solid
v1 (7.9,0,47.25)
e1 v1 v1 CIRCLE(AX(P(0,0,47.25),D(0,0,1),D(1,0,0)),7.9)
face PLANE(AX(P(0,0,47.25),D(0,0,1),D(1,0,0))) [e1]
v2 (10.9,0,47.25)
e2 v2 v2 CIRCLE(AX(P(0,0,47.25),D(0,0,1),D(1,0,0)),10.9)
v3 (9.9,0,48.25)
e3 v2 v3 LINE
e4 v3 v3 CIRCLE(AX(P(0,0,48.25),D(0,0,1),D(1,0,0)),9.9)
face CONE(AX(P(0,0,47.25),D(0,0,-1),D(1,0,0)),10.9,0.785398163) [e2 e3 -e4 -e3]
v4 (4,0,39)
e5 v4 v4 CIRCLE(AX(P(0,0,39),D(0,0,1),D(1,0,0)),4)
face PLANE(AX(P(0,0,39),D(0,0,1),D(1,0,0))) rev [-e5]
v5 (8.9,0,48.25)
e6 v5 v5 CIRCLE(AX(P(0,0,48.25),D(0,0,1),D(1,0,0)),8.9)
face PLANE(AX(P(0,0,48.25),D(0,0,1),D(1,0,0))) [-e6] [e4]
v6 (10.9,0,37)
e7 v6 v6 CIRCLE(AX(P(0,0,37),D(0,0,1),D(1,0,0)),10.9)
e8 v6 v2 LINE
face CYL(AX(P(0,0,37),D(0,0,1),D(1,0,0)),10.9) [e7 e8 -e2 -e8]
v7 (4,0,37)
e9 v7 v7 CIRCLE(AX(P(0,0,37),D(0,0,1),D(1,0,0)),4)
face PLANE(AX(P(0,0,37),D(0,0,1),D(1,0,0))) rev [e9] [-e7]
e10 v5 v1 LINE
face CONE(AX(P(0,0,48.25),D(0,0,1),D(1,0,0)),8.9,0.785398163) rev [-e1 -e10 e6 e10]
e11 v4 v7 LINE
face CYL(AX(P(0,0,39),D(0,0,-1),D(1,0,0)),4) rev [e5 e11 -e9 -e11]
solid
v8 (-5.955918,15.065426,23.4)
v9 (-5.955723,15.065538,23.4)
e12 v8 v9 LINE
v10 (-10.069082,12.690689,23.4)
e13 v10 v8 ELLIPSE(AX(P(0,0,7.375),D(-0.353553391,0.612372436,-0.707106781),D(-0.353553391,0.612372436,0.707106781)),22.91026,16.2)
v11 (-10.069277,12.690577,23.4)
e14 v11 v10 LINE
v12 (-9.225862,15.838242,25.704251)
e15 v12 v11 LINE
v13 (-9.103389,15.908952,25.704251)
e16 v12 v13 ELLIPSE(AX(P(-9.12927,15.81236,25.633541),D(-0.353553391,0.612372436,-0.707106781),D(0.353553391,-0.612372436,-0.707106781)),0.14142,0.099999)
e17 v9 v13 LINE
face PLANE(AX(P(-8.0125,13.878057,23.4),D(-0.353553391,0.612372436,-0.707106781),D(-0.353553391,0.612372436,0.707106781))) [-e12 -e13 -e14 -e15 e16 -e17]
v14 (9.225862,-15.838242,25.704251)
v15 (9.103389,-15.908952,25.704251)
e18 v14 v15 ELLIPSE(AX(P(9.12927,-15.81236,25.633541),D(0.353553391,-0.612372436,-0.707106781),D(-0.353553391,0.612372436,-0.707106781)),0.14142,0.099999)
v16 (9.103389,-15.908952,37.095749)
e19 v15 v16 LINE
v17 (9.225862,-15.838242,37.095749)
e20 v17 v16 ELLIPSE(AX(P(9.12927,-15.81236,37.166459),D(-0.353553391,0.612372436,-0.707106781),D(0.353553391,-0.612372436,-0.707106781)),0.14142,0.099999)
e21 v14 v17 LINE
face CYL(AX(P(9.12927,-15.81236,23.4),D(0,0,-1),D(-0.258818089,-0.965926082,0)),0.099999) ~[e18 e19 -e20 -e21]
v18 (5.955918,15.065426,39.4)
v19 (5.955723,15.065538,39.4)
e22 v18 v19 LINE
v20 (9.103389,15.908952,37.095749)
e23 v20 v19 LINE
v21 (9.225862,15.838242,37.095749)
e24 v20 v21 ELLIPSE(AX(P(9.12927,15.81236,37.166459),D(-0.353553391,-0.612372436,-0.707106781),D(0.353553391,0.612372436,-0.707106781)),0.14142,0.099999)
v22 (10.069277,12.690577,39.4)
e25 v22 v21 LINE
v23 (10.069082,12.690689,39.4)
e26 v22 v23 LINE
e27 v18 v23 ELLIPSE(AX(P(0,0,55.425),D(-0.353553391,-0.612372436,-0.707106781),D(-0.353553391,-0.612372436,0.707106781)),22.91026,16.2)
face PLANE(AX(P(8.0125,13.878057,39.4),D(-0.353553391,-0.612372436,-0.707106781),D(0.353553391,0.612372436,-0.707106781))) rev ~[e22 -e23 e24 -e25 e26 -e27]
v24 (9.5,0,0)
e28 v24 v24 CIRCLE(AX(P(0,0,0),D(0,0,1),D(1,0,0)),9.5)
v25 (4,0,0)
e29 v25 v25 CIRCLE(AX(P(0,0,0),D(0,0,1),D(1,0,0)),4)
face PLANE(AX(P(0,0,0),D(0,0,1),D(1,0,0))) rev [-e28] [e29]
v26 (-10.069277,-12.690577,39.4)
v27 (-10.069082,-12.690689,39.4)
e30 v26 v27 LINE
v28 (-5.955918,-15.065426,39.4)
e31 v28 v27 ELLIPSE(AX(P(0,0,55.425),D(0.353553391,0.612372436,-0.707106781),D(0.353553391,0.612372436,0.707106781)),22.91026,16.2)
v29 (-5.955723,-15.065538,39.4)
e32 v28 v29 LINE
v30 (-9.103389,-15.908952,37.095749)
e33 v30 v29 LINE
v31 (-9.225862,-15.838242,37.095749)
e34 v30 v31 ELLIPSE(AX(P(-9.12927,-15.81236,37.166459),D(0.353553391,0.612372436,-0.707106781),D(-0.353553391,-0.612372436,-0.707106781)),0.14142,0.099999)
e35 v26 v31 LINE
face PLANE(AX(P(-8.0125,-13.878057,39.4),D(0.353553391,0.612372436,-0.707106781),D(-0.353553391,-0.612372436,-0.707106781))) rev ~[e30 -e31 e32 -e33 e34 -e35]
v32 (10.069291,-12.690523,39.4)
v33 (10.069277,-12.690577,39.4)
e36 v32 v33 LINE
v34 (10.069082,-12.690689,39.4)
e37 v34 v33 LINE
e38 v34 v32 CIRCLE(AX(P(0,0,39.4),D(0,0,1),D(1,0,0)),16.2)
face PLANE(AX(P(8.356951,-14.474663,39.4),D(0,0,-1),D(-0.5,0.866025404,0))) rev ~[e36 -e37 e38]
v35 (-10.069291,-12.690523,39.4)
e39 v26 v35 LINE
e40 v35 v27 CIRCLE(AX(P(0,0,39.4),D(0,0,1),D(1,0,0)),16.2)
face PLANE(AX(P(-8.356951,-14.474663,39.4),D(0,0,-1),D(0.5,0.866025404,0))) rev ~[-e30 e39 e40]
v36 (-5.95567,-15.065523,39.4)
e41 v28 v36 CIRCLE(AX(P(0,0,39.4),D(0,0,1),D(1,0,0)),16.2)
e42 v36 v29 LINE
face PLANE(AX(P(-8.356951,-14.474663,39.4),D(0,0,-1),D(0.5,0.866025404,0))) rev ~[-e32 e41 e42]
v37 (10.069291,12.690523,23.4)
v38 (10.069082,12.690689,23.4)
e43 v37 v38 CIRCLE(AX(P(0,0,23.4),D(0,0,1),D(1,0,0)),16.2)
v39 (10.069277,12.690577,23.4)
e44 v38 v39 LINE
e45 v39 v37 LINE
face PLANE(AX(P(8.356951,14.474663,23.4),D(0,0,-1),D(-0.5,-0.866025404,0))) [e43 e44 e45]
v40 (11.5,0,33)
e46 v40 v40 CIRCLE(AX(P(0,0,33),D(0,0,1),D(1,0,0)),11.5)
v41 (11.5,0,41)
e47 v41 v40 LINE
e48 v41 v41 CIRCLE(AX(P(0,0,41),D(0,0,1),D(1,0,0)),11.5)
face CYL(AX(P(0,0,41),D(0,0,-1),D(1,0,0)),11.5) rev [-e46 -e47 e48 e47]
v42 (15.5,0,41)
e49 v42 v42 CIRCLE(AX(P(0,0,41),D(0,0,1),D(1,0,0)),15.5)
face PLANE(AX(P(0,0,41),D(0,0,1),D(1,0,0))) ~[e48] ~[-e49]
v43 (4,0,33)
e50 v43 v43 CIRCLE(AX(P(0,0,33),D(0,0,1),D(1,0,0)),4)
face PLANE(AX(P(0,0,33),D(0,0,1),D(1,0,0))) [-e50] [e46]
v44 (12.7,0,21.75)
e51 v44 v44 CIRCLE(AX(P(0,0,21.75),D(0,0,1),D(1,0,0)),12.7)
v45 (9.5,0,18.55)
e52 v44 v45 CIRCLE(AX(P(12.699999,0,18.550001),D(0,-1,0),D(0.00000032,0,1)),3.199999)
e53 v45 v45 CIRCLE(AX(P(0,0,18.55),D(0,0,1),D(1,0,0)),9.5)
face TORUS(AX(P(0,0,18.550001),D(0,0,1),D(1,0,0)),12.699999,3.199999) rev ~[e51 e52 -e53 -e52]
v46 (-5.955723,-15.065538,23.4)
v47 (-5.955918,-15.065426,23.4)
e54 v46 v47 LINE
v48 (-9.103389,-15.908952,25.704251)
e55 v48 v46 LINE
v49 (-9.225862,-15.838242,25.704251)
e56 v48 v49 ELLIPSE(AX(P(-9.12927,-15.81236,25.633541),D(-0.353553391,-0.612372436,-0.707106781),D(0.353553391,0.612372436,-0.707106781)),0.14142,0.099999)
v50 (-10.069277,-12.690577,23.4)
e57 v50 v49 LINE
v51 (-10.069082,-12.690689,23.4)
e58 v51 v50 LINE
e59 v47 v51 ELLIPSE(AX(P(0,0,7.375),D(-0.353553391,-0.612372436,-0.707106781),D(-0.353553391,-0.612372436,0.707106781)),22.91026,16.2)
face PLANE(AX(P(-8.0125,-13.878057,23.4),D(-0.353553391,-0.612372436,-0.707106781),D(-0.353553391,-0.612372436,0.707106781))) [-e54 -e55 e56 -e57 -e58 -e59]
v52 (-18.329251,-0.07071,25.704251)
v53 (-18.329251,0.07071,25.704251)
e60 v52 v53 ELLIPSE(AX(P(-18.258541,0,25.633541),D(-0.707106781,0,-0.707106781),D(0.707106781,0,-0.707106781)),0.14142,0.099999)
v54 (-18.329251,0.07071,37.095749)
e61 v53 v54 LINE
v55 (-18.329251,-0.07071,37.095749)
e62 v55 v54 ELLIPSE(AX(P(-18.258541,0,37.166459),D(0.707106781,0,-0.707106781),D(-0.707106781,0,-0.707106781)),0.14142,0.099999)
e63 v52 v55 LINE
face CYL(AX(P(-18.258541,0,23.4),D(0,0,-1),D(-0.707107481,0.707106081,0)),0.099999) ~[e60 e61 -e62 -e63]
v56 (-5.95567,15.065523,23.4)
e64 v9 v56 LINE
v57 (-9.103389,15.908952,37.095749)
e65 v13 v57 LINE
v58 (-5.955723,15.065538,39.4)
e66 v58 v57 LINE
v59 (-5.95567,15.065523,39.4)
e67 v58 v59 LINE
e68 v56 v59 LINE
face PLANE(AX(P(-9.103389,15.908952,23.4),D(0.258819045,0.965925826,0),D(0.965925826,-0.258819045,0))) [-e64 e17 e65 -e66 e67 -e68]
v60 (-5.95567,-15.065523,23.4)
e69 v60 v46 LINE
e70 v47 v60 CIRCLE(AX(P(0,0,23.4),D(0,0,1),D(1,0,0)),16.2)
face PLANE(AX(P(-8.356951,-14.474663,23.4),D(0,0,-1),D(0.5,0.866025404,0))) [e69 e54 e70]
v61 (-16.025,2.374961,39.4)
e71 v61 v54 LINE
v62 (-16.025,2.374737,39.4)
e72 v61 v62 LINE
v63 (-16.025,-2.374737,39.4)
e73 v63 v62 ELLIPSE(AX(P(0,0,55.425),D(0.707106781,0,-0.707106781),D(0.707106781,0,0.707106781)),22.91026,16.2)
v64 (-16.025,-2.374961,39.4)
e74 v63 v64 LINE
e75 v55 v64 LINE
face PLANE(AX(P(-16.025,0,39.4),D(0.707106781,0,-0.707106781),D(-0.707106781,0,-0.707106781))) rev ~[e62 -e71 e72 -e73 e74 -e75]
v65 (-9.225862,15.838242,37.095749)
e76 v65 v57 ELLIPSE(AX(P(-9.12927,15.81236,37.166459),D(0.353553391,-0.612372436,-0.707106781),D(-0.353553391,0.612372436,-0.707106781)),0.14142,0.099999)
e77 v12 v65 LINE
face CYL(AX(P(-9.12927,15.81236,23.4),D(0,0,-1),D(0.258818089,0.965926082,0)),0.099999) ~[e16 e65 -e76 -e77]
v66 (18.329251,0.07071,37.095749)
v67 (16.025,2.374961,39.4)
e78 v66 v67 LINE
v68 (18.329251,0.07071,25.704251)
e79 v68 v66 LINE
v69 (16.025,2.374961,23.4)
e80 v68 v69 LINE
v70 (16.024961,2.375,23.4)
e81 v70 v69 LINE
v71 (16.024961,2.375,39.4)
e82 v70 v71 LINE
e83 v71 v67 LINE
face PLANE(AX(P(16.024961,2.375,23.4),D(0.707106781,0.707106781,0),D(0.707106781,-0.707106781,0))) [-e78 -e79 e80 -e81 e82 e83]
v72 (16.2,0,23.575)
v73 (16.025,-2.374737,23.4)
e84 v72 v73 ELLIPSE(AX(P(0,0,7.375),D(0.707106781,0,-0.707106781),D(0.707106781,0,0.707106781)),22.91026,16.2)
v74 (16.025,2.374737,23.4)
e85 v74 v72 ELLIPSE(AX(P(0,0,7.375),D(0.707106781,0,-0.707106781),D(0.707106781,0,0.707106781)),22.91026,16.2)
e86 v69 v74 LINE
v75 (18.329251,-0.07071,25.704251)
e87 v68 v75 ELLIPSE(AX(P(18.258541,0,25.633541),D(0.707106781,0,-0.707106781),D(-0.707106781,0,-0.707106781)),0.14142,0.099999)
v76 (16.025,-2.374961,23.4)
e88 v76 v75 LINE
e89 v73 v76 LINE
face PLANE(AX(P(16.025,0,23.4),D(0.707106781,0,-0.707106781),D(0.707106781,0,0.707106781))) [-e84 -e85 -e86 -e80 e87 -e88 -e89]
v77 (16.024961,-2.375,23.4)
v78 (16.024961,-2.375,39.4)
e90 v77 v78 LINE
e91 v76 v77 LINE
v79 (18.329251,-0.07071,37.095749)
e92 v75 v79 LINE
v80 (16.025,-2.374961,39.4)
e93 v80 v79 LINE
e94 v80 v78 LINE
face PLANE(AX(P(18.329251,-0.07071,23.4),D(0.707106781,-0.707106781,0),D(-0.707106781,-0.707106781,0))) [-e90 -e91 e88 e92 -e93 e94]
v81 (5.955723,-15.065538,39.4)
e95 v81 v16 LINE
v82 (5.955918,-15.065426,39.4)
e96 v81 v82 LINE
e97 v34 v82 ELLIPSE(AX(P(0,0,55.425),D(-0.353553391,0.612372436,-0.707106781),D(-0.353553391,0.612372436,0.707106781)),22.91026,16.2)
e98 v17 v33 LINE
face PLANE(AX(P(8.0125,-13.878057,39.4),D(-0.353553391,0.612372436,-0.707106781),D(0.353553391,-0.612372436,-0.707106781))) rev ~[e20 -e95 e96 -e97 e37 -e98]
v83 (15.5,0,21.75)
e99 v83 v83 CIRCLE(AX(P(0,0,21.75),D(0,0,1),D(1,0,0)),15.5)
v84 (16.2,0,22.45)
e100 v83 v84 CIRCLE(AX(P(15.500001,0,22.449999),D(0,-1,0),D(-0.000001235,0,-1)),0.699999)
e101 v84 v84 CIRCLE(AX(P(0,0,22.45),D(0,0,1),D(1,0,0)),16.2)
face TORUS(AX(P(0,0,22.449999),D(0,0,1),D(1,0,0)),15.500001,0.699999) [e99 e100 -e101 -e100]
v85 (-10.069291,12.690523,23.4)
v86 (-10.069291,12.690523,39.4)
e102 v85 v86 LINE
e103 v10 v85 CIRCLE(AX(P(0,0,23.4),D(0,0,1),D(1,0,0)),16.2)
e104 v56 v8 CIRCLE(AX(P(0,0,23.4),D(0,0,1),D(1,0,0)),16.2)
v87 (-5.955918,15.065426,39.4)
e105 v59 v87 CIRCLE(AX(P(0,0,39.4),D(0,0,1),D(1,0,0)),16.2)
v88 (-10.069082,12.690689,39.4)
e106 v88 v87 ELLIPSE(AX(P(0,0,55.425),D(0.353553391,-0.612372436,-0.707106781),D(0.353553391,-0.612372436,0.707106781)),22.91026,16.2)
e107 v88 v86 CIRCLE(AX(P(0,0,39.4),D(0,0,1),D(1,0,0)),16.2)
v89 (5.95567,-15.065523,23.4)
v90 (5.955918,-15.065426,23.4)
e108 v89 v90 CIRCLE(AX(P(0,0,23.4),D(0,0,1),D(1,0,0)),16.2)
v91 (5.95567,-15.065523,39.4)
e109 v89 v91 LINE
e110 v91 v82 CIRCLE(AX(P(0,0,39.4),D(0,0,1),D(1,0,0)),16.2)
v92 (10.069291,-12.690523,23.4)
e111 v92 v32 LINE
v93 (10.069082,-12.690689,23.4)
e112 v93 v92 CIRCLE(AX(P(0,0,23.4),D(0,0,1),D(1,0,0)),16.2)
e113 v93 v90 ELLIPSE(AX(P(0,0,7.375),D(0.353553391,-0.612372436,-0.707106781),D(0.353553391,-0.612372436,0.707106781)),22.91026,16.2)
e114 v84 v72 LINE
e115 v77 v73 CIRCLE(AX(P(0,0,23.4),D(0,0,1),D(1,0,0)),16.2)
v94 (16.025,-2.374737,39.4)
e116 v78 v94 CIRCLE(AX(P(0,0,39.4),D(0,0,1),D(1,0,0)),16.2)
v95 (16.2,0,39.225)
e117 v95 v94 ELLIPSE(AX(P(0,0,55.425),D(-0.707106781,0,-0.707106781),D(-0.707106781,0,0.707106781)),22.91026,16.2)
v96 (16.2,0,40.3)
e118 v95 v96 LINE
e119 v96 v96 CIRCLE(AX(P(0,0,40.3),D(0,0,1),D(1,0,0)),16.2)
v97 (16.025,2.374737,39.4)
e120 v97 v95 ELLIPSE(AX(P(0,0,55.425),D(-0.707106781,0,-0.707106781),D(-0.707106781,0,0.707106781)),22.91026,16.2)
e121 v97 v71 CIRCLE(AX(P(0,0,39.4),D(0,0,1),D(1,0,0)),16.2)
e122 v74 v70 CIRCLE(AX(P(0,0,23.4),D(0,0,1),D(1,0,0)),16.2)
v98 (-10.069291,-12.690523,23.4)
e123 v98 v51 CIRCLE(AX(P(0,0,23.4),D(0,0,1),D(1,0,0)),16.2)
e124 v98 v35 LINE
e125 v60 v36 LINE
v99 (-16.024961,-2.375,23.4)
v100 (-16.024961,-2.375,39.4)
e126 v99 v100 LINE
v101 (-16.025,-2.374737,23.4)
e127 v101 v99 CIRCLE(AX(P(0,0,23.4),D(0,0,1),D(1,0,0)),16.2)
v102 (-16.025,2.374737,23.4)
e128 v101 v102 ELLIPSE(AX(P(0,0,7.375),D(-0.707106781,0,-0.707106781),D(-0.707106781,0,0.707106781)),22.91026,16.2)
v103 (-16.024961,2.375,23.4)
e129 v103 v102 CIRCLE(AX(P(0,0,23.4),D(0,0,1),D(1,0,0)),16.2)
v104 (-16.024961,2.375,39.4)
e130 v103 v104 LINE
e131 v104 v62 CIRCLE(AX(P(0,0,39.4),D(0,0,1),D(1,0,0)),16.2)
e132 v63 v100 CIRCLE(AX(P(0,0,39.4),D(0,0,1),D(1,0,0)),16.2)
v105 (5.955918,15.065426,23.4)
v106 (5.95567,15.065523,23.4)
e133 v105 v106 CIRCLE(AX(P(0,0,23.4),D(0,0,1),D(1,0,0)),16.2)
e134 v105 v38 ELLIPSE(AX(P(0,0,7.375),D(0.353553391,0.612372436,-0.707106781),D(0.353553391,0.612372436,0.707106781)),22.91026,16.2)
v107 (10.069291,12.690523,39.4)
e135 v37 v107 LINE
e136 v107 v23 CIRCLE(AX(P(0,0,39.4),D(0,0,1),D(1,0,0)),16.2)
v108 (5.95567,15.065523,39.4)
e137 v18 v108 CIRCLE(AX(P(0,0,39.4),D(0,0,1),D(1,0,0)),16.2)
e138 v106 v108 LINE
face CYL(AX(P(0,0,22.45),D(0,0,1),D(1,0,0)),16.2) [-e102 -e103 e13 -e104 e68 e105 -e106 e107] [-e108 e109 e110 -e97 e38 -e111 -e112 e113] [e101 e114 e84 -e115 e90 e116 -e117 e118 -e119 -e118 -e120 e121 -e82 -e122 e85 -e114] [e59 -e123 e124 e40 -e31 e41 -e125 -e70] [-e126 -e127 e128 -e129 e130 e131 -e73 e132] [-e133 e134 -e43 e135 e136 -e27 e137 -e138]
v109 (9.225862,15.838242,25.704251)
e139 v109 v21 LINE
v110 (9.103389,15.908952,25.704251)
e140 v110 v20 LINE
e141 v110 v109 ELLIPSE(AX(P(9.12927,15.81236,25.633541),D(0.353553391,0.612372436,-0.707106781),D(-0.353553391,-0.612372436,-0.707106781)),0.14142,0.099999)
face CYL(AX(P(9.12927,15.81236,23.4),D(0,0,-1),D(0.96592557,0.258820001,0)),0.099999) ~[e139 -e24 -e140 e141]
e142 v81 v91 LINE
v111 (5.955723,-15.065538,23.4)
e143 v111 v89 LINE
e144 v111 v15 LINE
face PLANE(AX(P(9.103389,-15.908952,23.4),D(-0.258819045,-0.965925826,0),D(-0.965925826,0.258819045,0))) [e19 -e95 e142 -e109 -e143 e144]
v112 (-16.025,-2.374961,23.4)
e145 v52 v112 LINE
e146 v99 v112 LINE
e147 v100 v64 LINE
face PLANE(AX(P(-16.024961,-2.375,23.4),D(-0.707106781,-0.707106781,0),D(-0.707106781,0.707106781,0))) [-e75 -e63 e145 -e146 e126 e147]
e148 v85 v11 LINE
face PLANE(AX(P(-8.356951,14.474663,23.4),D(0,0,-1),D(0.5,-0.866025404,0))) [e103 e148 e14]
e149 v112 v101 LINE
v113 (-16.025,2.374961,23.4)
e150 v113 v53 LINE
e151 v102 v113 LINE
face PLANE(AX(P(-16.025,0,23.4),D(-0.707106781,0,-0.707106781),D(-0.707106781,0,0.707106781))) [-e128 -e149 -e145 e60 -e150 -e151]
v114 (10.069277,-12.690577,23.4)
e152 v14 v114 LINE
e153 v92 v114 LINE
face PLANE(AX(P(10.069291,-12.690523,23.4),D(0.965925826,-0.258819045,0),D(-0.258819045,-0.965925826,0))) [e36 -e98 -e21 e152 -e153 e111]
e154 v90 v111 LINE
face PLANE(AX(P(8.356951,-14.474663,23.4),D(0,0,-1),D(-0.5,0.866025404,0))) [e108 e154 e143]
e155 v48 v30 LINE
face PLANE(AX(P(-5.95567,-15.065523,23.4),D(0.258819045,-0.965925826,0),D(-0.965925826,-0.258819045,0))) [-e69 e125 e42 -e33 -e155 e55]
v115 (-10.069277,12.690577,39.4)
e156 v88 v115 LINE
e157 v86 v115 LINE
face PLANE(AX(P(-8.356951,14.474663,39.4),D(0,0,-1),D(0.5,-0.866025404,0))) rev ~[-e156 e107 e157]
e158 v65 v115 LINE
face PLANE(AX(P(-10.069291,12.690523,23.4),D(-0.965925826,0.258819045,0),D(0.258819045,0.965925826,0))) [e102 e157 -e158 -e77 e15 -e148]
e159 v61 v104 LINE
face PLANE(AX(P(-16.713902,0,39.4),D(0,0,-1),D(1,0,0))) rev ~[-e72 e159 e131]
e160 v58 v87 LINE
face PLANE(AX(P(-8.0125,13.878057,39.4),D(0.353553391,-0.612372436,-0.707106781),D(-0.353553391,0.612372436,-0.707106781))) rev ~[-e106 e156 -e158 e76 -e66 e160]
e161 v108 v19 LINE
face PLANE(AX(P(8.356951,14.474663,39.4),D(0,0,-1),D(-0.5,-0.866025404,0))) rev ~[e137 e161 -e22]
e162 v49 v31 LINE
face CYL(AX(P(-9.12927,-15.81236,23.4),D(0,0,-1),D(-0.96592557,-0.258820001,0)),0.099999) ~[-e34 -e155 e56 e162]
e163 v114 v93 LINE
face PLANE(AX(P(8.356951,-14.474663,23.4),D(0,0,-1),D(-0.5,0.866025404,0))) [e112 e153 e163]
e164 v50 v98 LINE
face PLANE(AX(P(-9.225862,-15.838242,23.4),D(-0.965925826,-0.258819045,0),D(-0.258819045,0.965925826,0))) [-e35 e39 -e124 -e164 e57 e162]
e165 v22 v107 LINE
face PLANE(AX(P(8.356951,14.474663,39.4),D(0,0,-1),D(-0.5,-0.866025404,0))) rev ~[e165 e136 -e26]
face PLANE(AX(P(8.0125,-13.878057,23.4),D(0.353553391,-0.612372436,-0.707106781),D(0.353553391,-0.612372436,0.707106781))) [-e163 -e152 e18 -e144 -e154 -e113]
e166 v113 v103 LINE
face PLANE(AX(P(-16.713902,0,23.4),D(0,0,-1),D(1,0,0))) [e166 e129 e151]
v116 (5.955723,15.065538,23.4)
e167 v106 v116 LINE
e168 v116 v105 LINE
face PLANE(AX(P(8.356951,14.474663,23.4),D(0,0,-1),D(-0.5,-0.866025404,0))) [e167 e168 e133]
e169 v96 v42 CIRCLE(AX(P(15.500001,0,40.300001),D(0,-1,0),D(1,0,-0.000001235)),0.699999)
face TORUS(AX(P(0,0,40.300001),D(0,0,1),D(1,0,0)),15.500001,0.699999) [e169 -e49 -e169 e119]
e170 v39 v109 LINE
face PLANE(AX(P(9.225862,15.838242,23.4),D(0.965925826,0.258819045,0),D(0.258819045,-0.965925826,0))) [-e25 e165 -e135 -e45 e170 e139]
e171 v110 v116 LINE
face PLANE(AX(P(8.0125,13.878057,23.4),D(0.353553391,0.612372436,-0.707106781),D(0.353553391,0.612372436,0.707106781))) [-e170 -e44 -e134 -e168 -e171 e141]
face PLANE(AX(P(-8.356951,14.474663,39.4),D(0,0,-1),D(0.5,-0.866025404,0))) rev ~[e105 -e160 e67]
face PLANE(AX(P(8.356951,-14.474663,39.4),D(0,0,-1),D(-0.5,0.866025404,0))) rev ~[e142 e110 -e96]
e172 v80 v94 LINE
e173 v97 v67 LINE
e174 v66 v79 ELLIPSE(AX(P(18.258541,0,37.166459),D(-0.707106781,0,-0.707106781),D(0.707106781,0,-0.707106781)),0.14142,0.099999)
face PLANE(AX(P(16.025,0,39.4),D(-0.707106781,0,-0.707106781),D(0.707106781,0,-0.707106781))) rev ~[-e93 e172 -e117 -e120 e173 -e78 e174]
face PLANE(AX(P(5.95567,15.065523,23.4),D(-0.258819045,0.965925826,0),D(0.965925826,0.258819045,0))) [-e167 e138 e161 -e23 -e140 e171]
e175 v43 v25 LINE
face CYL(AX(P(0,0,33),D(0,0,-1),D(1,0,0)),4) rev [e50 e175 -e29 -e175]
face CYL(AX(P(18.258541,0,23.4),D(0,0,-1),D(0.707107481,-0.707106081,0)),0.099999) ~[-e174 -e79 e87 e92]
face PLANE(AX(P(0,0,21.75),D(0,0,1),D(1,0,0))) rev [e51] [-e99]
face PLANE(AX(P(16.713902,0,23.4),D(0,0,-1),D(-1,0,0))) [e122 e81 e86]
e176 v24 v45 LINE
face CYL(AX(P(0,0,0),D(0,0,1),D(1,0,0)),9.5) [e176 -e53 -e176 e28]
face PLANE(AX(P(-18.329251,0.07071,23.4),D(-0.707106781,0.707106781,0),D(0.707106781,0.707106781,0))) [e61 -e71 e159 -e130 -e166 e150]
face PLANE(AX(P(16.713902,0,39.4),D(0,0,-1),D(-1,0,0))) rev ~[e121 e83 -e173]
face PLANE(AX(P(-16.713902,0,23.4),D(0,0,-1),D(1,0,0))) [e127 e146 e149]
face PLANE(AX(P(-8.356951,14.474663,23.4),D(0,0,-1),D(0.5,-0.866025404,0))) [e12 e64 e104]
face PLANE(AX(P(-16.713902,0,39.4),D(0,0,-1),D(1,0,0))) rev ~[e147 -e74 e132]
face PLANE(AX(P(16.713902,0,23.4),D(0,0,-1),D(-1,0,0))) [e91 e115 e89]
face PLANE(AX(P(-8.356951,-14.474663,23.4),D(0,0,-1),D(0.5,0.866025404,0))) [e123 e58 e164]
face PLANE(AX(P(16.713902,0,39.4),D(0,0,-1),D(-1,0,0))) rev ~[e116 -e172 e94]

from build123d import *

# Parameters (mm, degrees)
PAD001_DEPTH      = 3
PAD001_DEPTH_BACK = 3
PAD_DEPTH         = 16
ARRAY_COUNT       = 6


with BuildPart() as revolution_button:
    # Sketch001 → Revolution001 (revolve)
    with BuildSketch(Plane.XZ):
        Polygon((0, 47.25), (0, 39), (4, 39), (4, 37), (10.9, 37), (10.9, 47.25), (9.9, 48.25), (8.9, 48.25), (7.9, 47.25), align=None)
    revolve(axis=Axis((0, 0, 0), (0, 0, 1)))


with BuildPart() as revolution_outer:
    # Sketch → Revolution (revolve)
    with BuildSketch(Plane.XZ):
        with BuildLine():
            Line((9.5, 0), (9.5, 18.55))
            ThreePointArc((12.7, 21.75), (10.437258, 20.812742), (9.5, 18.55))
            Line((12.7, 21.75), (15.5, 21.75))
            ThreePointArc((15.5, 21.75), (15.994975, 21.955025), (16.2, 22.45))
            Line((16.2, 22.45), (16.2, 40.3))
            ThreePointArc((16.2, 40.3), (15.994975, 40.794975), (15.5, 41))
            Line((11.5, 41), (15.5, 41))
            Line((11.5, 41), (11.5, 33))
            Line((11.5, 33), (4, 33))
            Line((4, 33), (4, 0))
            Line((4, 0), (9.5, 0))
        make_face()
    revolve(axis=Axis((0, 0, 0), (0, 0, 1)))


with BuildPart() as pad_grip_draft:
    # Sketch003 → Pad001 (new body, two sides)
    with BuildSketch(Plane.XZ) as pad001_sk:
        Polygon((16.025, 39.4), (18.425, 37), (18.425, 39.4), align=None)
        Polygon((16.025, 23.4), (18.425, 25.8), (18.425, 23.4), align=None)
    extrude(amount=PAD001_DEPTH)
    extrude(pad001_sk.sketch, amount=-PAD001_DEPTH_BACK)


with BuildPart() as fusion_knob:
    # Sketch002 → Pad (new body)
    with BuildSketch(Plane.XY.offset(23.4)):
        with BuildLine():
            Line((16.024961, 2.375), (18.329251, 0.07071))
            ThreePointArc((18.329251, -0.07071), (18.35854, 0), (18.329251, 0.07071))
            Line((18.329251, -0.07071), (16.024961, -2.375))
            Line((16.024961, 2.375), (16.024961, -2.375))
        make_face()
    extrude(amount=PAD_DEPTH)

    # Cut: cut Pad (grip draft)
    add(pad_grip_draft.part, mode=Mode.SUBTRACT)

    # Array: Fusion (knob) ×6 about axis
    array_axis = Axis((0, 0, 0), (0, 0, 1))


with BuildPart() as fusion_knob_1:
    add(fusion_knob.part)
    for i in range(1, ARRAY_COUNT):
        add(fusion_knob.part.rotate(array_axis, i * 360 / ARRAY_COUNT))

    # Fusion: union Revolution (outer)
    add(revolution_outer.part)


solid = Compound([revolution_button.part, fusion_knob_1.part])
